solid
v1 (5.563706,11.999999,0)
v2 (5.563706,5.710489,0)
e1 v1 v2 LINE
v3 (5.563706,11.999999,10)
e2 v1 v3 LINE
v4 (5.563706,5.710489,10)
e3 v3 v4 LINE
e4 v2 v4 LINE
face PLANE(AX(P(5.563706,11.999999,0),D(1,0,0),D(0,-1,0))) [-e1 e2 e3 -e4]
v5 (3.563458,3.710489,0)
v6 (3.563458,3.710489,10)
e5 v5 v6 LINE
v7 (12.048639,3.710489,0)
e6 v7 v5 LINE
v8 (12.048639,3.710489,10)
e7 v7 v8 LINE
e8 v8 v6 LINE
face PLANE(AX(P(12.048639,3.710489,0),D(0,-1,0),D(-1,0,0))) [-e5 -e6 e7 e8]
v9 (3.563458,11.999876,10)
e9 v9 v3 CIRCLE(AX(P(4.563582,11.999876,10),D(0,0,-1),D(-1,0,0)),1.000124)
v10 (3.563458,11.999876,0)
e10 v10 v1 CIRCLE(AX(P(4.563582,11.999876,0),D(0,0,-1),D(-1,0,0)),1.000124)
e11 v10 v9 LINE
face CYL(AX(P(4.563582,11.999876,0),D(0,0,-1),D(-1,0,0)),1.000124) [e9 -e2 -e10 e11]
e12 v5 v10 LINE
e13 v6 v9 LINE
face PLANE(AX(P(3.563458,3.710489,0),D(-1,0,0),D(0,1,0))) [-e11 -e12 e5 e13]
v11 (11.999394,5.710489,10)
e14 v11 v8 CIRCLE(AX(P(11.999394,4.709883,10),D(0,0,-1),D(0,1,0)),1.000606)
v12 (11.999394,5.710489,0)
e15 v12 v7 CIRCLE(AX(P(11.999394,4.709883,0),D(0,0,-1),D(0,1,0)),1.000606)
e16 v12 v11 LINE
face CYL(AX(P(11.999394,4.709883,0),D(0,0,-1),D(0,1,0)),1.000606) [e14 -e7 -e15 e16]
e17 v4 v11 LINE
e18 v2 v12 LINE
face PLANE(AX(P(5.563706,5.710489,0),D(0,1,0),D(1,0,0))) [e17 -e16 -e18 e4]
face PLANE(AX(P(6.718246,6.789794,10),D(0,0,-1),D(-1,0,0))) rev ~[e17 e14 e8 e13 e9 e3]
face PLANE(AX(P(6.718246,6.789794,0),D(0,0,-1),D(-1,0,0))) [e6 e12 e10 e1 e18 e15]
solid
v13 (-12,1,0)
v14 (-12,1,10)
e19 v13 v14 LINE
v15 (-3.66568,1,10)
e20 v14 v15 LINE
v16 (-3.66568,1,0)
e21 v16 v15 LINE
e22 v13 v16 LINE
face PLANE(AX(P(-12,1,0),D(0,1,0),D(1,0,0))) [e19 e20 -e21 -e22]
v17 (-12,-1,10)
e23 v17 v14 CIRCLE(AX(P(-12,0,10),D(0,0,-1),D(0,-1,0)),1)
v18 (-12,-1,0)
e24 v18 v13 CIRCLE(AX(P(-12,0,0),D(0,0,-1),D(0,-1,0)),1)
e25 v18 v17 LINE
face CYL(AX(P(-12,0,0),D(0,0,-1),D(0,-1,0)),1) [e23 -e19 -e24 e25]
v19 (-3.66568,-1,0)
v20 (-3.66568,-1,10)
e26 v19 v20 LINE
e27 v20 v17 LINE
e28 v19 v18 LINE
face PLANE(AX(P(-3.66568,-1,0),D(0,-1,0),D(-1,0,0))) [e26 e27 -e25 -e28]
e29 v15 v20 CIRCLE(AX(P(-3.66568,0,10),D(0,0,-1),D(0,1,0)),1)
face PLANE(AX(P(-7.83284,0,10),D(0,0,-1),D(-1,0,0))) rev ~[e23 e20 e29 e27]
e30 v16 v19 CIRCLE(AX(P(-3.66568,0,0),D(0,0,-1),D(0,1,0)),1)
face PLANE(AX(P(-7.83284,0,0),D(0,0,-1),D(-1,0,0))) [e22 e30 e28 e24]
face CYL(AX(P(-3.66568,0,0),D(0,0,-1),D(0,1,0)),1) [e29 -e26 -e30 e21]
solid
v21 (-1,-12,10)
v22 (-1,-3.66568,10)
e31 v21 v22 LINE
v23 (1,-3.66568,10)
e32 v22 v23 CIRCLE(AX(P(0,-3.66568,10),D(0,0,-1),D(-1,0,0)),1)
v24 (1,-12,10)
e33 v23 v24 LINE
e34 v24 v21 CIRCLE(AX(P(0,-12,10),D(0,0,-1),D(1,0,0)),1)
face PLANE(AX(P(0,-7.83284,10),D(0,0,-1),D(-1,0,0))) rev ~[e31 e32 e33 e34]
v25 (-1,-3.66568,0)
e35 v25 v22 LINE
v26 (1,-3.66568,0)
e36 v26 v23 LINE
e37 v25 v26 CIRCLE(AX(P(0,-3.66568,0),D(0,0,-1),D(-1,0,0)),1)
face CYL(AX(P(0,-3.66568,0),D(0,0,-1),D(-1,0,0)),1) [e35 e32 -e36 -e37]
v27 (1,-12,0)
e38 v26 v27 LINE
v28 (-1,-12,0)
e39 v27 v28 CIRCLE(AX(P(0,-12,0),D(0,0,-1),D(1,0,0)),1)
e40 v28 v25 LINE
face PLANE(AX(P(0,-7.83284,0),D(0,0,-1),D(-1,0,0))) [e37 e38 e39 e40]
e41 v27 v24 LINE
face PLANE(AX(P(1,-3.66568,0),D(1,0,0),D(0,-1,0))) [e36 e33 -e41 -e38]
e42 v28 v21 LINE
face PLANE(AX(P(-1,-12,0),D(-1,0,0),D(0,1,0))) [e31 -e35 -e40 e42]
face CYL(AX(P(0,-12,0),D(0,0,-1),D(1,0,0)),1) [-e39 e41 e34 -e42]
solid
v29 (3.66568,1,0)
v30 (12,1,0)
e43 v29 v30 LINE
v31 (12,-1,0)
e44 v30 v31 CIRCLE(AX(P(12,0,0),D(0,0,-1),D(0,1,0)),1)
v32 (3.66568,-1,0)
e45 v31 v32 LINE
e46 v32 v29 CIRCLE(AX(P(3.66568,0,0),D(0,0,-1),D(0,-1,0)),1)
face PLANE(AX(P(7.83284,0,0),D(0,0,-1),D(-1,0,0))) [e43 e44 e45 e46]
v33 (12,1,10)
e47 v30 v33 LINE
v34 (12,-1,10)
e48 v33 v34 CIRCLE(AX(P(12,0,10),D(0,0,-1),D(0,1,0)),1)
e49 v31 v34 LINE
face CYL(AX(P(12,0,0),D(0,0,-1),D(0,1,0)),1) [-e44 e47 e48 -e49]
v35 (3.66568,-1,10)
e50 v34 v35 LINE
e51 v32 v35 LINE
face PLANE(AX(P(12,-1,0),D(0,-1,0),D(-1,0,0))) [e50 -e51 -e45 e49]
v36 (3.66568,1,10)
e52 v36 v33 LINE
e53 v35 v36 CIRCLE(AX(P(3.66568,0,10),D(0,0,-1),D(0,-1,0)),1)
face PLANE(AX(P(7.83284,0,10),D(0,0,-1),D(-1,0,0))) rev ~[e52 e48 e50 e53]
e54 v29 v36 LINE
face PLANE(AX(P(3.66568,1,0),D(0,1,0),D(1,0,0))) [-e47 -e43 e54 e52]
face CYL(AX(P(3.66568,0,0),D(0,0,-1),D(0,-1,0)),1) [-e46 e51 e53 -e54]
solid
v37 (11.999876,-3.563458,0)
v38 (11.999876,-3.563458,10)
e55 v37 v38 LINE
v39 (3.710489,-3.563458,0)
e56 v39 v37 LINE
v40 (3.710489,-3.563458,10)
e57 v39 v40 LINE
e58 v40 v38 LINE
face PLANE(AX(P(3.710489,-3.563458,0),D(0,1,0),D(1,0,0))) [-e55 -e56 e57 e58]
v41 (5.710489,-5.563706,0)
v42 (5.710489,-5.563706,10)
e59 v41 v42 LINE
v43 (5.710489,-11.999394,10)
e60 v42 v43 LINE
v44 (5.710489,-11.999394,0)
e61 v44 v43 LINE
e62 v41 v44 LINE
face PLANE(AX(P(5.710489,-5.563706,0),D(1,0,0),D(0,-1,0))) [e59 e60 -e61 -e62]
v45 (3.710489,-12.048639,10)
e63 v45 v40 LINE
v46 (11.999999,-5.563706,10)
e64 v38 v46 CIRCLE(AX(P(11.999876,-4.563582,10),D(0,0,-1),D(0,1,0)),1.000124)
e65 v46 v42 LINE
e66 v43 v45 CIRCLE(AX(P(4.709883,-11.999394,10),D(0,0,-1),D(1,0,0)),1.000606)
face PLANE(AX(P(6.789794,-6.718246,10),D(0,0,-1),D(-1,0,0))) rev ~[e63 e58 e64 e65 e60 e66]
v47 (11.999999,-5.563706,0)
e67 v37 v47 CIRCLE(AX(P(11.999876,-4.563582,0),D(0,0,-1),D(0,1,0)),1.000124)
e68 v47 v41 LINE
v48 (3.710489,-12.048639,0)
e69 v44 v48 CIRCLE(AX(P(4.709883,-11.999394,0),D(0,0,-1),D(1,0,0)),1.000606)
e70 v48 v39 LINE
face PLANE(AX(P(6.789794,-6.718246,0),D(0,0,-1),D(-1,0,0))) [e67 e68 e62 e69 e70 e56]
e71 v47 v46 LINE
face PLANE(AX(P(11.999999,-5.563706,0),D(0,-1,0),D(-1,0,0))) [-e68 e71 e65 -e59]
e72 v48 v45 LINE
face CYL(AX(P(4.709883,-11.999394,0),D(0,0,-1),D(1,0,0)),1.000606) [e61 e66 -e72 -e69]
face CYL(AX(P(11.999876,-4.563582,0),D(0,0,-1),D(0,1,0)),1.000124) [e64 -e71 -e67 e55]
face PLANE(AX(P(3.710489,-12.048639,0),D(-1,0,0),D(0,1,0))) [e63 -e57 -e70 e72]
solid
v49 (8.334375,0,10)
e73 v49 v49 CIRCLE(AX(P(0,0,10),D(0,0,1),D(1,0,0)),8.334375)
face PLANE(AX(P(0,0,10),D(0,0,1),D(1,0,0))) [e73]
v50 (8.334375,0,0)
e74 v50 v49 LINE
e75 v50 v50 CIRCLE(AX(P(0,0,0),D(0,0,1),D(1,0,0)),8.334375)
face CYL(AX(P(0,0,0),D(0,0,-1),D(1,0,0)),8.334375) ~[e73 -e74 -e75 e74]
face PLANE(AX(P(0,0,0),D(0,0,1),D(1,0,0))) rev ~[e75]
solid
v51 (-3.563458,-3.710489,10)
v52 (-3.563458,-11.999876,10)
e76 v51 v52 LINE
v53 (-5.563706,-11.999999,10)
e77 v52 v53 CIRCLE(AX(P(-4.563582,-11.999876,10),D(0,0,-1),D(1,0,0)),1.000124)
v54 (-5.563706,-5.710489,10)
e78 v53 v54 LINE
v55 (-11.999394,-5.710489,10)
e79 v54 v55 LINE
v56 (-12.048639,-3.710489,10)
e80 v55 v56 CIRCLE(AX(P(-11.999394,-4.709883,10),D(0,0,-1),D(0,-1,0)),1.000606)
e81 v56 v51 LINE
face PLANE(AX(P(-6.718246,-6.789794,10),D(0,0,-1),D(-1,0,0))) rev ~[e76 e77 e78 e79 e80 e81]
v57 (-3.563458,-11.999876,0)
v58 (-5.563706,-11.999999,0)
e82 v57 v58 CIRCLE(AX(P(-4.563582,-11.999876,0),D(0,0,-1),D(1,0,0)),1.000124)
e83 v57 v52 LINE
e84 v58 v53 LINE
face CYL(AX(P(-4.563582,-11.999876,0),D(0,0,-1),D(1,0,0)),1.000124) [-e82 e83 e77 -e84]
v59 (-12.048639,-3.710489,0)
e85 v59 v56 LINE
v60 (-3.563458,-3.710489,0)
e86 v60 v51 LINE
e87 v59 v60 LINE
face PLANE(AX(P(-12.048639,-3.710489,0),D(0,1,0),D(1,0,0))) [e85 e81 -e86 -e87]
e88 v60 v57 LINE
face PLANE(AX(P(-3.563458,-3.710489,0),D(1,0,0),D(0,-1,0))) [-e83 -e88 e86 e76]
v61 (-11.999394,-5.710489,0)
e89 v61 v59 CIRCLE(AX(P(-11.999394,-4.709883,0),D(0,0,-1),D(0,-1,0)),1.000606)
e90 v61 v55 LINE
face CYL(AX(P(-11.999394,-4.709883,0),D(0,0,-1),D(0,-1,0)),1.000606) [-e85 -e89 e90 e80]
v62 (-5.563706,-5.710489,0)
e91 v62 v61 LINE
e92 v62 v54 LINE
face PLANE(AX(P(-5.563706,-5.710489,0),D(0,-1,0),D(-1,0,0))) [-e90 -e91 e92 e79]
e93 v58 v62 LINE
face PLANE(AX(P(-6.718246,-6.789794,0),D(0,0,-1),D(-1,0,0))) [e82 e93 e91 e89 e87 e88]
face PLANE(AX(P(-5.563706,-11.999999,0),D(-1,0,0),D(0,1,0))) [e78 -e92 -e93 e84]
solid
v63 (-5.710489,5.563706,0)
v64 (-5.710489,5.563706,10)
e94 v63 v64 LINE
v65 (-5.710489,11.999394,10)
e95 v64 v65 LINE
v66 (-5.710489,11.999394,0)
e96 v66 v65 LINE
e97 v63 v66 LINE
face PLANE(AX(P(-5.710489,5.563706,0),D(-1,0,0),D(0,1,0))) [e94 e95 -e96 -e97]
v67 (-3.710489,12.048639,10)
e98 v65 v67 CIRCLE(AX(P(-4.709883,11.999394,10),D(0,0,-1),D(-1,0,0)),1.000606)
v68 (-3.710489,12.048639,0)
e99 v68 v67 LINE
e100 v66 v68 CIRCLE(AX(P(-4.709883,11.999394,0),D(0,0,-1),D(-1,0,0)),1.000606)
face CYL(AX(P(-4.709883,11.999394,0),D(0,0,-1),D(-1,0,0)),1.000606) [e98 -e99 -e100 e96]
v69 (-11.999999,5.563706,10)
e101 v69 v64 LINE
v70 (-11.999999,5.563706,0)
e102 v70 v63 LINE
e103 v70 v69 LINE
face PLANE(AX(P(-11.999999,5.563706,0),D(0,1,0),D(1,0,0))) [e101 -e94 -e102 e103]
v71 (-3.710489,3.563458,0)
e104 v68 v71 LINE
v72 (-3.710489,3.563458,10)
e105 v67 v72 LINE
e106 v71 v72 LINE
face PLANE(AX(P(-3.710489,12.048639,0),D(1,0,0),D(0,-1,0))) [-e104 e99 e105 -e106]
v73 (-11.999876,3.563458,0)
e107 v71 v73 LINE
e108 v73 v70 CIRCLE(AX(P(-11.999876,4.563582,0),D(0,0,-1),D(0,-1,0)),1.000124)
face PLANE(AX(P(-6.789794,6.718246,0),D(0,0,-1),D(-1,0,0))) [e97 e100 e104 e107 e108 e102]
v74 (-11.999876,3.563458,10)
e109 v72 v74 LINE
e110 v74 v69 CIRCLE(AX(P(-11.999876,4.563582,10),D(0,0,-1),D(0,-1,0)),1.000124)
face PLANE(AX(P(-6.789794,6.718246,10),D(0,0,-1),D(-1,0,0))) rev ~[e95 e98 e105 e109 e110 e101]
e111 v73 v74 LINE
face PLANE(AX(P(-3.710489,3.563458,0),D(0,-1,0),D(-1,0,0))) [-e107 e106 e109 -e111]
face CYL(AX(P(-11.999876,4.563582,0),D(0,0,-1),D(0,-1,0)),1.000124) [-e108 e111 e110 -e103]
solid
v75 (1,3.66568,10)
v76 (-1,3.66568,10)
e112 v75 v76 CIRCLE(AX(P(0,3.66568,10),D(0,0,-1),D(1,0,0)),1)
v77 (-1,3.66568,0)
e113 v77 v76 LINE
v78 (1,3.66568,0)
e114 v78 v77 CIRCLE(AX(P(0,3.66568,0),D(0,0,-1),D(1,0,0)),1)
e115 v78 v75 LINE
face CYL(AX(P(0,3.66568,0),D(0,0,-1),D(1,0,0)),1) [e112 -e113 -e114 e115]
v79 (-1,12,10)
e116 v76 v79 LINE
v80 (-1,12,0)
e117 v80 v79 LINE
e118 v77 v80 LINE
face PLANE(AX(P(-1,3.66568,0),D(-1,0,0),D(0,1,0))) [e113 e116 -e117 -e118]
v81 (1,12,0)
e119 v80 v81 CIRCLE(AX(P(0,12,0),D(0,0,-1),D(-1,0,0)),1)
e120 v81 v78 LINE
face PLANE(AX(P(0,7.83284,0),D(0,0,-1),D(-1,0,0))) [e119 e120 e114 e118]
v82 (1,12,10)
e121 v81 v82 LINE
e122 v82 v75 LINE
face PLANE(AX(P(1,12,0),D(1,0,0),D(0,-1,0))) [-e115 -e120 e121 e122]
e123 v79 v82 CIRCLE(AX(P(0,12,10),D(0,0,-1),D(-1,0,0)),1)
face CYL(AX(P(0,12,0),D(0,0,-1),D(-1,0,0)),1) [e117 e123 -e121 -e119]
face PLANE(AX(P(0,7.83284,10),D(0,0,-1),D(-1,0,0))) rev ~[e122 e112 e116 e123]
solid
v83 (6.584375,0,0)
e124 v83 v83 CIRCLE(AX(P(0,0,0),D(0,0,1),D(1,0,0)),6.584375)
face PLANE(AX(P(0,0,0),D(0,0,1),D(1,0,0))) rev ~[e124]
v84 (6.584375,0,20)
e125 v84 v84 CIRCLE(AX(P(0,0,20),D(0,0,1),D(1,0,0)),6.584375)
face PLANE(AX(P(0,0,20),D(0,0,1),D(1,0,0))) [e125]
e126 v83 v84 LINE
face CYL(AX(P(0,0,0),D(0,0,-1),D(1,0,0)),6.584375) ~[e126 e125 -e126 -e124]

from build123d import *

# Parameters (mm, degrees)
BOSS_EXTRUDE1_DEPTH   = 10
BOSS_EXTRUDE1_2_DEPTH = 10
BOSS_EXTRUDE1_3_DEPTH = 10
BOSS_EXTRUDE1_4_DEPTH = 10
BOSS_EXTRUDE1_5_DEPTH = 10
BOSS_EXTRUDE1_6_DEPTH = 10
BOSS_EXTRUDE1_7_DEPTH = 10
BOSS_EXTRUDE1_8_DEPTH = 10
SKETCH2_R             = 8.334375
BOSS_EXTRUDE2_DEPTH   = 10
SKETCH3_R             = 6.584375
BOSS_EXTRUDE3_DEPTH   = 20


with BuildPart() as part:
    # Sketch1 → Boss-Extrude1 (new body)
    with BuildSketch(Plane.XY):
        with BuildLine():
            Line((-1, 3.665680024), (-1, 12))
            ThreePointArc((-1, 12), (0, 13), (1, 12))
            Line((1, 12), (1, 3.665680024))
            ThreePointArc((1, 3.665680024), (0, 2.665680024), (-1, 3.665680024))
        make_face()
    extrude(amount=BOSS_EXTRUDE1_DEPTH)


with BuildPart() as body_2:
    # Sketch1 → Boss-Extrude1 2 (new body)
    with BuildSketch(Plane.XY):
        with BuildLine():
            Line((5.5637058, 11.999998584), (5.5637058, 5.710489197))
            Line((5.5637058, 5.710489197), (11.999393728, 5.710489197))
            ThreePointArc((11.999393728, 5.710489197), (12.999696818, 4.734512976), (12.048638904, 3.710489197))
            Line((12.048638904, 3.710489197), (3.563457884, 3.710489197))
            Line((3.563457884, 3.710489197), (3.563457884, 11.999876038))
            ThreePointArc((3.563457884, 11.999876038), (4.563520572, 12.999999998), (5.5637058, 11.999998584))
        make_face()
    extrude(amount=BOSS_EXTRUDE1_2_DEPTH)


with BuildPart() as body_3:
    # Sketch1 → Boss-Extrude1 3 (new body)
    with BuildSketch(Plane.XY):
        with BuildLine():
            Line((11.999998584, -5.5637058), (5.710489197, -5.5637058))
            Line((5.710489197, -5.5637058), (5.710489197, -11.999393728))
            ThreePointArc((5.710489197, -11.999393728), (4.734512976, -12.999696818), (3.710489197, -12.048638904))
            Line((3.710489197, -12.048638904), (3.710489197, -3.563457884))
            Line((3.710489197, -3.563457884), (11.999876038, -3.563457884))
            ThreePointArc((11.999876038, -3.563457884), (12.999999998, -4.563520572), (11.999998584, -5.5637058))
        make_face()
    extrude(amount=BOSS_EXTRUDE1_3_DEPTH)


with BuildPart() as body_4:
    # Sketch1 → Boss-Extrude1 4 (new body)
    with BuildSketch(Plane.XY):
        with BuildLine():
            Line((3.665680024, 1), (12, 1))
            ThreePointArc((12, 1), (13, 0), (12, -1))
            Line((12, -1), (3.665680024, -1))
            ThreePointArc((3.665680024, -1), (2.665680024, 0), (3.665680024, 1))
        make_face()
    extrude(amount=BOSS_EXTRUDE1_4_DEPTH)


with BuildPart() as body_5:
    # Sketch1 → Boss-Extrude1 5 (new body)
    with BuildSketch(Plane.XY):
        with BuildLine():
            Line((-5.5637058, -11.999998584), (-5.5637058, -5.710489197))
            Line((-5.5637058, -5.710489197), (-11.999393728, -5.710489197))
            ThreePointArc((-11.999393728, -5.710489197), (-12.999696818, -4.734512976), (-12.048638904, -3.710489197))
            Line((-12.048638904, -3.710489197), (-3.563457884, -3.710489197))
            Line((-3.563457884, -3.710489197), (-3.563457884, -11.999876038))
            ThreePointArc((-3.563457884, -11.999876038), (-4.563520572, -12.999999998), (-5.5637058, -11.999998584))
        make_face()
    extrude(amount=BOSS_EXTRUDE1_5_DEPTH)


with BuildPart() as body_6:
    # Sketch1 → Boss-Extrude1 6 (new body)
    with BuildSketch(Plane.XY):
        with BuildLine():
            Line((1, -3.665680024), (1, -12))
            ThreePointArc((1, -12), (0, -13), (-1, -12))
            Line((-1, -12), (-1, -3.665680024))
            ThreePointArc((-1, -3.665680024), (0, -2.665680024), (1, -3.665680024))
        make_face()
    extrude(amount=BOSS_EXTRUDE1_6_DEPTH)


with BuildPart() as body_7:
    # Sketch1 → Boss-Extrude1 7 (new body)
    with BuildSketch(Plane.XY):
        with BuildLine():
            Line((-3.665680024, -1), (-12, -1))
            ThreePointArc((-12, -1), (-13, 0), (-12, 1))
            Line((-12, 1), (-3.665680024, 1))
            ThreePointArc((-3.665680024, 1), (-2.665680024, 0), (-3.665680024, -1))
        make_face()
    extrude(amount=BOSS_EXTRUDE1_7_DEPTH)


with BuildPart() as body_8:
    # Sketch1 → Boss-Extrude1 8 (new body)
    with BuildSketch(Plane.XY):
        with BuildLine():
            Line((-11.999998584, 5.5637058), (-5.710489197, 5.5637058))
            Line((-5.710489197, 5.5637058), (-5.710489197, 11.999393728))
            ThreePointArc((-5.710489197, 11.999393728), (-4.734512976, 12.999696818), (-3.710489197, 12.048638904))
            Line((-3.710489197, 12.048638904), (-3.710489197, 3.563457884))
            Line((-3.710489197, 3.563457884), (-11.999876038, 3.563457884))
            ThreePointArc((-11.999876038, 3.563457884), (-12.999999998, 4.563520572), (-11.999998584, 5.5637058))
        make_face()
    extrude(amount=BOSS_EXTRUDE1_8_DEPTH)


with BuildPart() as body_9:
    # Sketch2 → Boss-Extrude2 (new body)
    with BuildSketch(Plane.XY):
        Circle(SKETCH2_R)
    extrude(amount=BOSS_EXTRUDE2_DEPTH)


with BuildPart() as body_10:
    # Sketch3 → Boss-Extrude3 (new body)
    with BuildSketch(Plane.XY):
        Circle(SKETCH3_R)
    extrude(amount=BOSS_EXTRUDE3_DEPTH)


solid = Compound([part.part, body_2.part, body_3.part, body_4.part, body_5.part, body_6.part, body_7.part, body_8.part, body_9.part, body_10.part])
